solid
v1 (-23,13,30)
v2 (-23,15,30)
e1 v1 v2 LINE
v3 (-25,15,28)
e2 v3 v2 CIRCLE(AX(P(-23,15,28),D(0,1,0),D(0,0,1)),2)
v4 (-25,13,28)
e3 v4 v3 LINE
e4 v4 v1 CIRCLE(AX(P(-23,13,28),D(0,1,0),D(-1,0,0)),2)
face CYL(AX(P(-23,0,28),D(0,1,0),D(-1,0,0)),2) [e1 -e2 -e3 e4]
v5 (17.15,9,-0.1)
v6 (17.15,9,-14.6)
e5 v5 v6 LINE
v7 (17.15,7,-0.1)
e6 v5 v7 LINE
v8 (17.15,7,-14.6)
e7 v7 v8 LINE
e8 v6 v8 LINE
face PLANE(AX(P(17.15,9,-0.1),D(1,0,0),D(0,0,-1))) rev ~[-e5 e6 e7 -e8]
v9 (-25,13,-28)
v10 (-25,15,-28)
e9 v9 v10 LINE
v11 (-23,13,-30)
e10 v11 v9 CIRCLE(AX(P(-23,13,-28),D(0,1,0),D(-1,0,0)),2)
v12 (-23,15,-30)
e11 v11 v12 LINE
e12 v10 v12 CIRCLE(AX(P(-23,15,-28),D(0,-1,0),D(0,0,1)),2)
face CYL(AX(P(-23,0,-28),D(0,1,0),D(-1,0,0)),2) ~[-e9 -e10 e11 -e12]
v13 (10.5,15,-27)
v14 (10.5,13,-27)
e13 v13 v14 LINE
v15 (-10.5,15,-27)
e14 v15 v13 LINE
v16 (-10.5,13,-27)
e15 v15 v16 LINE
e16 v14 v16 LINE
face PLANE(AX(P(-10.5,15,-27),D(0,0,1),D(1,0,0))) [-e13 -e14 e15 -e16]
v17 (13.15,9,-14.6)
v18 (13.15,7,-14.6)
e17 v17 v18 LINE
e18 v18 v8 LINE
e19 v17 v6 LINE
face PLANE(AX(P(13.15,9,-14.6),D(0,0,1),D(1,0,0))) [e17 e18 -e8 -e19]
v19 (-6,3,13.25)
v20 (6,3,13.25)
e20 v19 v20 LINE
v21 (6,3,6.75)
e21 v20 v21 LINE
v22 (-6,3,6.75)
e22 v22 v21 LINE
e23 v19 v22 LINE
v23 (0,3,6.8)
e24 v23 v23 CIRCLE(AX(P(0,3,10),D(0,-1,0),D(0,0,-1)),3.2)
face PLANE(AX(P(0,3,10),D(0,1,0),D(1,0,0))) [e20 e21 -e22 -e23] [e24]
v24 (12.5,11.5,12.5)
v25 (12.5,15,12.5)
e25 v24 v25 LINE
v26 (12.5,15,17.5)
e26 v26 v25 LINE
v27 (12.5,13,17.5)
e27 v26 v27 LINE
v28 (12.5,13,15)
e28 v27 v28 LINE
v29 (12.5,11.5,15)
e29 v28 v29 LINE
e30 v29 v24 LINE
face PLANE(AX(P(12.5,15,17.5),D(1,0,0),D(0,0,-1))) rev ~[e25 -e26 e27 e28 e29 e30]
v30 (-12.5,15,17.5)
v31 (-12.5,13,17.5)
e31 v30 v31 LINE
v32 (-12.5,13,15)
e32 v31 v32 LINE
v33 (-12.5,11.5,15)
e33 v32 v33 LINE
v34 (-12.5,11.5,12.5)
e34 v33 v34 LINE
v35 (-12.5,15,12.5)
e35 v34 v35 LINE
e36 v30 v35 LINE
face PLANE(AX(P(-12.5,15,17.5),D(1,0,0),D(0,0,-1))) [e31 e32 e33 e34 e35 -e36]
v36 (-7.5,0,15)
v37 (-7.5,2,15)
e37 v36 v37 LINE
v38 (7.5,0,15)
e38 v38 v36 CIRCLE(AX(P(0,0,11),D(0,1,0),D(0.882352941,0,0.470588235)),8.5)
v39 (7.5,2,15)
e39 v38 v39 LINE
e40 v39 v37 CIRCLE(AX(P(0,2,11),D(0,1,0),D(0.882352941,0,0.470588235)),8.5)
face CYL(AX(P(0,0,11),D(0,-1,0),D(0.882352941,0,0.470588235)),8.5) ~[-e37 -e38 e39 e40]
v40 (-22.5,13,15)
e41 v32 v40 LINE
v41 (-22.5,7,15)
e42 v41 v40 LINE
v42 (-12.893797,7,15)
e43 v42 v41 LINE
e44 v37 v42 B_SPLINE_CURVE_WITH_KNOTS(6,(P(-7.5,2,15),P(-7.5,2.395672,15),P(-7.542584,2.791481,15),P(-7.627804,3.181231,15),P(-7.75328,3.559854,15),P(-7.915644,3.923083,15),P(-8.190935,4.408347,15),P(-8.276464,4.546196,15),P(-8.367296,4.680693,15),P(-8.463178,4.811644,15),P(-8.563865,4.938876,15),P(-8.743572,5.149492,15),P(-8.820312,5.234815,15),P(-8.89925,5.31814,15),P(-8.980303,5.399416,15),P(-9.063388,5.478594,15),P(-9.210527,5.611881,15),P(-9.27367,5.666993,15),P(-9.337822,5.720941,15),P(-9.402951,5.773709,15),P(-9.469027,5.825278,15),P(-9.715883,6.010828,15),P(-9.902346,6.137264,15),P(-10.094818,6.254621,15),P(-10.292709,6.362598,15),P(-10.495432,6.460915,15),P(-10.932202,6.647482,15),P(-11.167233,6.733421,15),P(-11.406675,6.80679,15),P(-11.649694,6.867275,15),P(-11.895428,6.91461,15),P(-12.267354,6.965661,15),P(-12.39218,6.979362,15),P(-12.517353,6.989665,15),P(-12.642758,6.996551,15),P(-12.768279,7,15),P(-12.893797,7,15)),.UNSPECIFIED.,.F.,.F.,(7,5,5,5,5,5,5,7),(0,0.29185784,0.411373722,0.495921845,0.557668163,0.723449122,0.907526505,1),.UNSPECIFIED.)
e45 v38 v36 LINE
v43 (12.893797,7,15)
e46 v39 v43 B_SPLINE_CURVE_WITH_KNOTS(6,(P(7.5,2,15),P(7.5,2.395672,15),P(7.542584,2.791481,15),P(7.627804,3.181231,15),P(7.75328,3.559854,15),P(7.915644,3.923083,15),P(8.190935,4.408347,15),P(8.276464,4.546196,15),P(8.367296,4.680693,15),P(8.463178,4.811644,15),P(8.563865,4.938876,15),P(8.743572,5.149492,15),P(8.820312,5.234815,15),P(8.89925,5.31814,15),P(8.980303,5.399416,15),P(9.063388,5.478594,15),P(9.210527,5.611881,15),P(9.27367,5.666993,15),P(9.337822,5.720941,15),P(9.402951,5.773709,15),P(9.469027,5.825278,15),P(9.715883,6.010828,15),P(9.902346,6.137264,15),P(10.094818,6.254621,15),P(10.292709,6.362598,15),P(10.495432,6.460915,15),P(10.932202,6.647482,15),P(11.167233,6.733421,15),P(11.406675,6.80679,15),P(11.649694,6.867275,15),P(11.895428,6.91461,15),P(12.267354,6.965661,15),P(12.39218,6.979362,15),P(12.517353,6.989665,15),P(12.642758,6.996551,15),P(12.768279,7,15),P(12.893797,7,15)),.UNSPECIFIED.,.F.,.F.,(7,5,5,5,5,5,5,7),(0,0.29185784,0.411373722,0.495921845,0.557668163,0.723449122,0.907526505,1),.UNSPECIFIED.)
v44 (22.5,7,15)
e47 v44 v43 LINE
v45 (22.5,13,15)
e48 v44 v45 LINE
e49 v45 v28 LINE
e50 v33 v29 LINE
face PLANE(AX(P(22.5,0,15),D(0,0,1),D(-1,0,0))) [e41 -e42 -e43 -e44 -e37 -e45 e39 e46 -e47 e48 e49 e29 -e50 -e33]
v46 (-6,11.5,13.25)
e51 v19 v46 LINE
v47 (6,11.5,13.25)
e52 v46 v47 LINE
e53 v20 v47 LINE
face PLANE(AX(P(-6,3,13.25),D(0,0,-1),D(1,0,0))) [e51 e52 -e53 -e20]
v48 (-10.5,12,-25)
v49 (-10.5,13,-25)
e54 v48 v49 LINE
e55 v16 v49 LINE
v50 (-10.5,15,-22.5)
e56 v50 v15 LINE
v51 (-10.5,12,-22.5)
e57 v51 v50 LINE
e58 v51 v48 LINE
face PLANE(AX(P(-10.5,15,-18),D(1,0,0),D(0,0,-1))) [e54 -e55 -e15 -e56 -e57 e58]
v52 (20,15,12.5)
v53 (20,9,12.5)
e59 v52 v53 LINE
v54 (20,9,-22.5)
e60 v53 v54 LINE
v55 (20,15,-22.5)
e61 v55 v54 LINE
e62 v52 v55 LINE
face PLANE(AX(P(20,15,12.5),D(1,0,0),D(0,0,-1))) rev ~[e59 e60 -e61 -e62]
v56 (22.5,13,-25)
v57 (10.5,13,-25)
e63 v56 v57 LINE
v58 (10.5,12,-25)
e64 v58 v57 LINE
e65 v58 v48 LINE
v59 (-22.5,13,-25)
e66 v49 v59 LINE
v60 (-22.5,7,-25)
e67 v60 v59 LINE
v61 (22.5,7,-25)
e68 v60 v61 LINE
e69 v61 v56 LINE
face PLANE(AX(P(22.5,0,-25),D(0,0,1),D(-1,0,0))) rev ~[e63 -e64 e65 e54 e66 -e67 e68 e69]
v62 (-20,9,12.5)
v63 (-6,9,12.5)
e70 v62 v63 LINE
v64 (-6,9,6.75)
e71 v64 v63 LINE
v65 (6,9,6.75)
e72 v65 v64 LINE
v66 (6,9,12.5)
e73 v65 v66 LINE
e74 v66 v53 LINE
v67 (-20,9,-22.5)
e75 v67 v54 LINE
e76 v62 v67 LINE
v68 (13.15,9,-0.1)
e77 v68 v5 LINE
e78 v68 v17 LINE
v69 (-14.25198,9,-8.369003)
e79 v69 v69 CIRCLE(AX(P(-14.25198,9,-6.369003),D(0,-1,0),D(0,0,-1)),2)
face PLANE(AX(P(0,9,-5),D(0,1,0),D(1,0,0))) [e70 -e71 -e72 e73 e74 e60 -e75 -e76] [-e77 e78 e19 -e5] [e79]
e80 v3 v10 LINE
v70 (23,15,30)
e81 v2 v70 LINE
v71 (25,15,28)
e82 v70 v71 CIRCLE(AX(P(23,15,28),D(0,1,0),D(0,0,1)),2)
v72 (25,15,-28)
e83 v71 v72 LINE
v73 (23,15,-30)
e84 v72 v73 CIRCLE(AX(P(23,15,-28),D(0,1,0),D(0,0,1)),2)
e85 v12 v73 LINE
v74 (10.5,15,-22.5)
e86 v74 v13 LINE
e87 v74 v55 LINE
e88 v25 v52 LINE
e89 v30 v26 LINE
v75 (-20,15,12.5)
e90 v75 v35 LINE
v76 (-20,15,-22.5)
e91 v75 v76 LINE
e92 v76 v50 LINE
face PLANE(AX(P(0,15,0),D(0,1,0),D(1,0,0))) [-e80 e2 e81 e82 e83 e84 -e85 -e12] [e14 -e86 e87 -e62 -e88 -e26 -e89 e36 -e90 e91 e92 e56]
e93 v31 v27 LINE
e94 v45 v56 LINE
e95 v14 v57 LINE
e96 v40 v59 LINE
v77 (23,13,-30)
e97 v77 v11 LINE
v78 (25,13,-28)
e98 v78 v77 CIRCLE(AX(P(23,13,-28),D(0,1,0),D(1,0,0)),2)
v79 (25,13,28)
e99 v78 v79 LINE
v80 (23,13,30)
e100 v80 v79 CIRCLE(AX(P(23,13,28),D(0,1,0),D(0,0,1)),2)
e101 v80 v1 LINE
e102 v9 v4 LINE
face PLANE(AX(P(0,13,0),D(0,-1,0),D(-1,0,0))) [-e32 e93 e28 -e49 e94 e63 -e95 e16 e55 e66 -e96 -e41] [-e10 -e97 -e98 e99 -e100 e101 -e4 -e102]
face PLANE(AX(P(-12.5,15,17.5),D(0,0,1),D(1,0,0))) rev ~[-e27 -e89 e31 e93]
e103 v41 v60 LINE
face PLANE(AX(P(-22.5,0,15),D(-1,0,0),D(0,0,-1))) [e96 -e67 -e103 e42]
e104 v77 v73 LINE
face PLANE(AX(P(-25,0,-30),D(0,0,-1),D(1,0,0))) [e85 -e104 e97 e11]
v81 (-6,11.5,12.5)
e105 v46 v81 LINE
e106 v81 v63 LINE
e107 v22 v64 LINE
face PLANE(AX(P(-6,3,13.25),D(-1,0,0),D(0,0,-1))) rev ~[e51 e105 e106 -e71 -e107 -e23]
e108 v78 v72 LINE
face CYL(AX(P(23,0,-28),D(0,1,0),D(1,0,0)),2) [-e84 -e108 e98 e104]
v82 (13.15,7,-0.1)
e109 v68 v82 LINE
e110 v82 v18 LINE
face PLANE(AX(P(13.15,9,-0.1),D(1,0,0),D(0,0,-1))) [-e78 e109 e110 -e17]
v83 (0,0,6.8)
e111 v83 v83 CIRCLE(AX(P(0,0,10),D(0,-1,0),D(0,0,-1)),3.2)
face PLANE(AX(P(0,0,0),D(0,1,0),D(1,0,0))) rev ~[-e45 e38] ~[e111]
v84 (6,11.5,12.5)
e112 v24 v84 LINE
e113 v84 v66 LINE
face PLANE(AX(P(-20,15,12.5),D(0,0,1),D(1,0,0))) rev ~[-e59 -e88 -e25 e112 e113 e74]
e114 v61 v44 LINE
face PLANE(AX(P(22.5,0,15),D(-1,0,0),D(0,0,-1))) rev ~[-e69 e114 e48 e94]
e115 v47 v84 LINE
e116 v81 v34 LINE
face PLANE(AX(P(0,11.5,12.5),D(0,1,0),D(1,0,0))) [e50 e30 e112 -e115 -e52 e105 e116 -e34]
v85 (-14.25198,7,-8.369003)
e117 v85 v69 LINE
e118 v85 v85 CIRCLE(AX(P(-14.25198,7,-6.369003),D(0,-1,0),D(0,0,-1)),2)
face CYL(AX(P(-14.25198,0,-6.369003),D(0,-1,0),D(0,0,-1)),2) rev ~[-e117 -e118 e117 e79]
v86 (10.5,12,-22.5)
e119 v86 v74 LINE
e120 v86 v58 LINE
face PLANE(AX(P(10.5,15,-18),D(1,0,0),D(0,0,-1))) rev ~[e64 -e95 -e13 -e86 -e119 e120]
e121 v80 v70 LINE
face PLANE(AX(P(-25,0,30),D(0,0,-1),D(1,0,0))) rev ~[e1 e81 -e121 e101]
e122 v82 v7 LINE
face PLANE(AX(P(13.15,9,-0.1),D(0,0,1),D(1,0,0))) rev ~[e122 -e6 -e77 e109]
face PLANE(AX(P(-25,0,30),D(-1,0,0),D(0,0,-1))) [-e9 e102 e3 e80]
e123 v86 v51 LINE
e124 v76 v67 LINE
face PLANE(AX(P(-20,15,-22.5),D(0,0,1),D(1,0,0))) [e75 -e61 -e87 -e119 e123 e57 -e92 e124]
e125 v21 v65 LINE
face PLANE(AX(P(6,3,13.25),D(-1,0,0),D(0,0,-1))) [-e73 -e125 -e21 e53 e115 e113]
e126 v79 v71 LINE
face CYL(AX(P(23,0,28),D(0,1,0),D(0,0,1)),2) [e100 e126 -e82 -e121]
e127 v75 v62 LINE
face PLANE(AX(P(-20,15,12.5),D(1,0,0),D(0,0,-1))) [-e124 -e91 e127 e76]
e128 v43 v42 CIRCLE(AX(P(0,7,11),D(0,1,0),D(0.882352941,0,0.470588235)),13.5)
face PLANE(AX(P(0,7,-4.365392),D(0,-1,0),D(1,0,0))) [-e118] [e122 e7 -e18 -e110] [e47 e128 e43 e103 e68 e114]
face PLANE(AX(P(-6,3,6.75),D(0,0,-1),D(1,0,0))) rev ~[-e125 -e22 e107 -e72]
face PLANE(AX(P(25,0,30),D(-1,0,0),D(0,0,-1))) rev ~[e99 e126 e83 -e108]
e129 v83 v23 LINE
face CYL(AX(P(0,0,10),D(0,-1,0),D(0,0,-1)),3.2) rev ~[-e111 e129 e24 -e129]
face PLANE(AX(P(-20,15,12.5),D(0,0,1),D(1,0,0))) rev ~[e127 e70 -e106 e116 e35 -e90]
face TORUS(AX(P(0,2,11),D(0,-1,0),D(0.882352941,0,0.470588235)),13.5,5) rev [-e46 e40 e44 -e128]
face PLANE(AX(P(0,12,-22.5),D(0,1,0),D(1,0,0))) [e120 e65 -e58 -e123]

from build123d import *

# Parameters (mm, degrees)
SKETCH1_W               = 50
SKETCH1_H               = 60
BOSS_EXTRUDE1_DEPTH     = 15
FILLET1_R               = 2
SKETCH2_W               = 40
SKETCH2_H               = 35
CUT_EXTRUDE1_DEPTH      = 6
SKETCH3_W               = 4
SKETCH3_H               = 14.5
CUT_EXTRUDE2_DEPTH      = 10
SKETCH4_R               = 2
CUT_EXTRUDE3_DEPTH      = 10
CUT_EXTRUDE4_DEPTH      = 5
CUT_EXTRUDE4_DEPTH_BACK = 6
SKETCH5_W               = 12
SKETCH5_H               = 6.5
SKETCH6_R               = 3.2
CUT_EXTRUDE5_DEPTH      = 8
SKETCH7_W               = 25
SKETCH7_H               = 10
CUT_EXTRUDE6_DEPTH      = 3.5
SKETCH8_W               = 51.392130936
SKETCH8_H               = 62.084358578
SKETCH8_W_2             = 45
SKETCH8_H_2             = 40
CUT_EXTRUDE7_DEPTH      = 13
SKETCH9_W               = 21
SKETCH9_H               = 9
CUT_EXTRUDE8_DEPTH      = 3
CUT_EXTRUDE9_DEPTH      = 7
FILLET2_R               = 5


with BuildPart() as part:
    # Sketch1 → Boss-Extrude1 (new body)
    with BuildSketch(Plane(origin=(0, 0, 0), x_dir=(1, 0, 0), z_dir=(0, 1, 0))):
        Rectangle(SKETCH1_W, SKETCH1_H)
    extrude(amount=BOSS_EXTRUDE1_DEPTH)

    # Fillet1
    fillet1_edges = [part.edges().sort_by_distance(p)[0] for p in [
        (25, 7.5, 30),
        (-25, 7.5, 30),
        (-25, 7.5, -30),
        (25, 7.5, -30),
    ]]
    fillet(fillet1_edges, radius=FILLET1_R)

    # Sketch2 → Cut-Extrude1 (cut)
    with BuildSketch(Plane(origin=(0, 15, 0), x_dir=(1, 0, 0), z_dir=(0, 1, 0))):
        with Locations((0, 5)):
            Rectangle(SKETCH2_W, SKETCH2_H)
    extrude(amount=-CUT_EXTRUDE1_DEPTH, mode=Mode.SUBTRACT)

    # Sketch3 → Cut-Extrude2 (cut)
    with BuildSketch(Plane(origin=(0, 9, 0), x_dir=(1, 0, 0), z_dir=(0, 1, 0))):
        with Locations((15.15, 7.35)):
            Rectangle(SKETCH3_W, SKETCH3_H)
    extrude(amount=-CUT_EXTRUDE2_DEPTH, mode=Mode.SUBTRACT)

    # Sketch4 → Cut-Extrude3 (cut)
    with BuildSketch(Plane.XZ):
        with Locations(Location((-14.251980034, -6.369003384, 0), (0, 0, 270))):
            Circle(SKETCH4_R)
    extrude(amount=-CUT_EXTRUDE3_DEPTH, mode=Mode.SUBTRACT)

    # Sketch5 → Cut-Extrude4 (cut, two sides: drawn at the far end of the back side and taken through both)
    with BuildSketch(Plane(origin=(0, 9, 0), x_dir=(1, 0, 0), z_dir=(0, 1, 0)).offset(-CUT_EXTRUDE4_DEPTH_BACK)):
        with Locations((0, -10)):
            Rectangle(SKETCH5_W, SKETCH5_H)
    extrude(amount=CUT_EXTRUDE4_DEPTH + CUT_EXTRUDE4_DEPTH_BACK, mode=Mode.SUBTRACT)

    # Sketch6 → Cut-Extrude5 (cut)
    with BuildSketch(Plane.XZ):
        with Locations(Location((0, 10, 0), (0, 0, 270))):
            Circle(SKETCH6_R)
    extrude(amount=-CUT_EXTRUDE5_DEPTH, mode=Mode.SUBTRACT)

    # Sketch7 → Cut-Extrude6 (cut)
    with BuildSketch(Plane(origin=(0, 15, 0), x_dir=(1, 0, 0), z_dir=(0, 1, 0))):
        with Locations((0, -12.5)):
            Rectangle(SKETCH7_W, SKETCH7_H)
    extrude(amount=-CUT_EXTRUDE6_DEPTH, mode=Mode.SUBTRACT)

    # Sketch8 → Cut-Extrude7 (cut)
    with BuildSketch(Plane(origin=(0, 0, 0), x_dir=(-1, 0, 0), z_dir=(0, -1, 0))):
        Rectangle(SKETCH8_W, SKETCH8_H)
        with Locations((0, 5)):
            Rectangle(SKETCH8_W_2, SKETCH8_H_2, mode=Mode.SUBTRACT)
    extrude(amount=-CUT_EXTRUDE7_DEPTH, mode=Mode.SUBTRACT)

    # Sketch9 → Cut-Extrude8 (cut)
    with BuildSketch(Plane(origin=(0, 15, 0), x_dir=(1, 0, 0), z_dir=(0, 1, 0))):
        with Locations((0, 22.5)):
            Rectangle(SKETCH9_W, SKETCH9_H)
    extrude(amount=-CUT_EXTRUDE8_DEPTH, mode=Mode.SUBTRACT)

    # Sketch10 → Cut-Extrude9 (cut)
    with BuildSketch(Plane.XZ):
        with BuildLine():
            Line((22.5, 15), (7.5, 15))
            ThreePointArc((7.5, 15), (0, 2.5), (-7.5, 15))
            Line((-7.5, 15), (-22.5, 15))
            Line((-22.5, 15), (-22.5, -25))
            Line((-22.5, -25), (22.5, -25))
            Line((22.5, -25), (22.5, 15))
        make_face()
    extrude(amount=-CUT_EXTRUDE9_DEPTH, mode=Mode.SUBTRACT)

    # Fillet2
    fillet2_edges = [part.edges().sort_by_distance(p)[0] for p in [
        (0, 7, 2.5),
    ]]
    fillet(fillet2_edges, radius=FILLET2_R)


solid = part.part
